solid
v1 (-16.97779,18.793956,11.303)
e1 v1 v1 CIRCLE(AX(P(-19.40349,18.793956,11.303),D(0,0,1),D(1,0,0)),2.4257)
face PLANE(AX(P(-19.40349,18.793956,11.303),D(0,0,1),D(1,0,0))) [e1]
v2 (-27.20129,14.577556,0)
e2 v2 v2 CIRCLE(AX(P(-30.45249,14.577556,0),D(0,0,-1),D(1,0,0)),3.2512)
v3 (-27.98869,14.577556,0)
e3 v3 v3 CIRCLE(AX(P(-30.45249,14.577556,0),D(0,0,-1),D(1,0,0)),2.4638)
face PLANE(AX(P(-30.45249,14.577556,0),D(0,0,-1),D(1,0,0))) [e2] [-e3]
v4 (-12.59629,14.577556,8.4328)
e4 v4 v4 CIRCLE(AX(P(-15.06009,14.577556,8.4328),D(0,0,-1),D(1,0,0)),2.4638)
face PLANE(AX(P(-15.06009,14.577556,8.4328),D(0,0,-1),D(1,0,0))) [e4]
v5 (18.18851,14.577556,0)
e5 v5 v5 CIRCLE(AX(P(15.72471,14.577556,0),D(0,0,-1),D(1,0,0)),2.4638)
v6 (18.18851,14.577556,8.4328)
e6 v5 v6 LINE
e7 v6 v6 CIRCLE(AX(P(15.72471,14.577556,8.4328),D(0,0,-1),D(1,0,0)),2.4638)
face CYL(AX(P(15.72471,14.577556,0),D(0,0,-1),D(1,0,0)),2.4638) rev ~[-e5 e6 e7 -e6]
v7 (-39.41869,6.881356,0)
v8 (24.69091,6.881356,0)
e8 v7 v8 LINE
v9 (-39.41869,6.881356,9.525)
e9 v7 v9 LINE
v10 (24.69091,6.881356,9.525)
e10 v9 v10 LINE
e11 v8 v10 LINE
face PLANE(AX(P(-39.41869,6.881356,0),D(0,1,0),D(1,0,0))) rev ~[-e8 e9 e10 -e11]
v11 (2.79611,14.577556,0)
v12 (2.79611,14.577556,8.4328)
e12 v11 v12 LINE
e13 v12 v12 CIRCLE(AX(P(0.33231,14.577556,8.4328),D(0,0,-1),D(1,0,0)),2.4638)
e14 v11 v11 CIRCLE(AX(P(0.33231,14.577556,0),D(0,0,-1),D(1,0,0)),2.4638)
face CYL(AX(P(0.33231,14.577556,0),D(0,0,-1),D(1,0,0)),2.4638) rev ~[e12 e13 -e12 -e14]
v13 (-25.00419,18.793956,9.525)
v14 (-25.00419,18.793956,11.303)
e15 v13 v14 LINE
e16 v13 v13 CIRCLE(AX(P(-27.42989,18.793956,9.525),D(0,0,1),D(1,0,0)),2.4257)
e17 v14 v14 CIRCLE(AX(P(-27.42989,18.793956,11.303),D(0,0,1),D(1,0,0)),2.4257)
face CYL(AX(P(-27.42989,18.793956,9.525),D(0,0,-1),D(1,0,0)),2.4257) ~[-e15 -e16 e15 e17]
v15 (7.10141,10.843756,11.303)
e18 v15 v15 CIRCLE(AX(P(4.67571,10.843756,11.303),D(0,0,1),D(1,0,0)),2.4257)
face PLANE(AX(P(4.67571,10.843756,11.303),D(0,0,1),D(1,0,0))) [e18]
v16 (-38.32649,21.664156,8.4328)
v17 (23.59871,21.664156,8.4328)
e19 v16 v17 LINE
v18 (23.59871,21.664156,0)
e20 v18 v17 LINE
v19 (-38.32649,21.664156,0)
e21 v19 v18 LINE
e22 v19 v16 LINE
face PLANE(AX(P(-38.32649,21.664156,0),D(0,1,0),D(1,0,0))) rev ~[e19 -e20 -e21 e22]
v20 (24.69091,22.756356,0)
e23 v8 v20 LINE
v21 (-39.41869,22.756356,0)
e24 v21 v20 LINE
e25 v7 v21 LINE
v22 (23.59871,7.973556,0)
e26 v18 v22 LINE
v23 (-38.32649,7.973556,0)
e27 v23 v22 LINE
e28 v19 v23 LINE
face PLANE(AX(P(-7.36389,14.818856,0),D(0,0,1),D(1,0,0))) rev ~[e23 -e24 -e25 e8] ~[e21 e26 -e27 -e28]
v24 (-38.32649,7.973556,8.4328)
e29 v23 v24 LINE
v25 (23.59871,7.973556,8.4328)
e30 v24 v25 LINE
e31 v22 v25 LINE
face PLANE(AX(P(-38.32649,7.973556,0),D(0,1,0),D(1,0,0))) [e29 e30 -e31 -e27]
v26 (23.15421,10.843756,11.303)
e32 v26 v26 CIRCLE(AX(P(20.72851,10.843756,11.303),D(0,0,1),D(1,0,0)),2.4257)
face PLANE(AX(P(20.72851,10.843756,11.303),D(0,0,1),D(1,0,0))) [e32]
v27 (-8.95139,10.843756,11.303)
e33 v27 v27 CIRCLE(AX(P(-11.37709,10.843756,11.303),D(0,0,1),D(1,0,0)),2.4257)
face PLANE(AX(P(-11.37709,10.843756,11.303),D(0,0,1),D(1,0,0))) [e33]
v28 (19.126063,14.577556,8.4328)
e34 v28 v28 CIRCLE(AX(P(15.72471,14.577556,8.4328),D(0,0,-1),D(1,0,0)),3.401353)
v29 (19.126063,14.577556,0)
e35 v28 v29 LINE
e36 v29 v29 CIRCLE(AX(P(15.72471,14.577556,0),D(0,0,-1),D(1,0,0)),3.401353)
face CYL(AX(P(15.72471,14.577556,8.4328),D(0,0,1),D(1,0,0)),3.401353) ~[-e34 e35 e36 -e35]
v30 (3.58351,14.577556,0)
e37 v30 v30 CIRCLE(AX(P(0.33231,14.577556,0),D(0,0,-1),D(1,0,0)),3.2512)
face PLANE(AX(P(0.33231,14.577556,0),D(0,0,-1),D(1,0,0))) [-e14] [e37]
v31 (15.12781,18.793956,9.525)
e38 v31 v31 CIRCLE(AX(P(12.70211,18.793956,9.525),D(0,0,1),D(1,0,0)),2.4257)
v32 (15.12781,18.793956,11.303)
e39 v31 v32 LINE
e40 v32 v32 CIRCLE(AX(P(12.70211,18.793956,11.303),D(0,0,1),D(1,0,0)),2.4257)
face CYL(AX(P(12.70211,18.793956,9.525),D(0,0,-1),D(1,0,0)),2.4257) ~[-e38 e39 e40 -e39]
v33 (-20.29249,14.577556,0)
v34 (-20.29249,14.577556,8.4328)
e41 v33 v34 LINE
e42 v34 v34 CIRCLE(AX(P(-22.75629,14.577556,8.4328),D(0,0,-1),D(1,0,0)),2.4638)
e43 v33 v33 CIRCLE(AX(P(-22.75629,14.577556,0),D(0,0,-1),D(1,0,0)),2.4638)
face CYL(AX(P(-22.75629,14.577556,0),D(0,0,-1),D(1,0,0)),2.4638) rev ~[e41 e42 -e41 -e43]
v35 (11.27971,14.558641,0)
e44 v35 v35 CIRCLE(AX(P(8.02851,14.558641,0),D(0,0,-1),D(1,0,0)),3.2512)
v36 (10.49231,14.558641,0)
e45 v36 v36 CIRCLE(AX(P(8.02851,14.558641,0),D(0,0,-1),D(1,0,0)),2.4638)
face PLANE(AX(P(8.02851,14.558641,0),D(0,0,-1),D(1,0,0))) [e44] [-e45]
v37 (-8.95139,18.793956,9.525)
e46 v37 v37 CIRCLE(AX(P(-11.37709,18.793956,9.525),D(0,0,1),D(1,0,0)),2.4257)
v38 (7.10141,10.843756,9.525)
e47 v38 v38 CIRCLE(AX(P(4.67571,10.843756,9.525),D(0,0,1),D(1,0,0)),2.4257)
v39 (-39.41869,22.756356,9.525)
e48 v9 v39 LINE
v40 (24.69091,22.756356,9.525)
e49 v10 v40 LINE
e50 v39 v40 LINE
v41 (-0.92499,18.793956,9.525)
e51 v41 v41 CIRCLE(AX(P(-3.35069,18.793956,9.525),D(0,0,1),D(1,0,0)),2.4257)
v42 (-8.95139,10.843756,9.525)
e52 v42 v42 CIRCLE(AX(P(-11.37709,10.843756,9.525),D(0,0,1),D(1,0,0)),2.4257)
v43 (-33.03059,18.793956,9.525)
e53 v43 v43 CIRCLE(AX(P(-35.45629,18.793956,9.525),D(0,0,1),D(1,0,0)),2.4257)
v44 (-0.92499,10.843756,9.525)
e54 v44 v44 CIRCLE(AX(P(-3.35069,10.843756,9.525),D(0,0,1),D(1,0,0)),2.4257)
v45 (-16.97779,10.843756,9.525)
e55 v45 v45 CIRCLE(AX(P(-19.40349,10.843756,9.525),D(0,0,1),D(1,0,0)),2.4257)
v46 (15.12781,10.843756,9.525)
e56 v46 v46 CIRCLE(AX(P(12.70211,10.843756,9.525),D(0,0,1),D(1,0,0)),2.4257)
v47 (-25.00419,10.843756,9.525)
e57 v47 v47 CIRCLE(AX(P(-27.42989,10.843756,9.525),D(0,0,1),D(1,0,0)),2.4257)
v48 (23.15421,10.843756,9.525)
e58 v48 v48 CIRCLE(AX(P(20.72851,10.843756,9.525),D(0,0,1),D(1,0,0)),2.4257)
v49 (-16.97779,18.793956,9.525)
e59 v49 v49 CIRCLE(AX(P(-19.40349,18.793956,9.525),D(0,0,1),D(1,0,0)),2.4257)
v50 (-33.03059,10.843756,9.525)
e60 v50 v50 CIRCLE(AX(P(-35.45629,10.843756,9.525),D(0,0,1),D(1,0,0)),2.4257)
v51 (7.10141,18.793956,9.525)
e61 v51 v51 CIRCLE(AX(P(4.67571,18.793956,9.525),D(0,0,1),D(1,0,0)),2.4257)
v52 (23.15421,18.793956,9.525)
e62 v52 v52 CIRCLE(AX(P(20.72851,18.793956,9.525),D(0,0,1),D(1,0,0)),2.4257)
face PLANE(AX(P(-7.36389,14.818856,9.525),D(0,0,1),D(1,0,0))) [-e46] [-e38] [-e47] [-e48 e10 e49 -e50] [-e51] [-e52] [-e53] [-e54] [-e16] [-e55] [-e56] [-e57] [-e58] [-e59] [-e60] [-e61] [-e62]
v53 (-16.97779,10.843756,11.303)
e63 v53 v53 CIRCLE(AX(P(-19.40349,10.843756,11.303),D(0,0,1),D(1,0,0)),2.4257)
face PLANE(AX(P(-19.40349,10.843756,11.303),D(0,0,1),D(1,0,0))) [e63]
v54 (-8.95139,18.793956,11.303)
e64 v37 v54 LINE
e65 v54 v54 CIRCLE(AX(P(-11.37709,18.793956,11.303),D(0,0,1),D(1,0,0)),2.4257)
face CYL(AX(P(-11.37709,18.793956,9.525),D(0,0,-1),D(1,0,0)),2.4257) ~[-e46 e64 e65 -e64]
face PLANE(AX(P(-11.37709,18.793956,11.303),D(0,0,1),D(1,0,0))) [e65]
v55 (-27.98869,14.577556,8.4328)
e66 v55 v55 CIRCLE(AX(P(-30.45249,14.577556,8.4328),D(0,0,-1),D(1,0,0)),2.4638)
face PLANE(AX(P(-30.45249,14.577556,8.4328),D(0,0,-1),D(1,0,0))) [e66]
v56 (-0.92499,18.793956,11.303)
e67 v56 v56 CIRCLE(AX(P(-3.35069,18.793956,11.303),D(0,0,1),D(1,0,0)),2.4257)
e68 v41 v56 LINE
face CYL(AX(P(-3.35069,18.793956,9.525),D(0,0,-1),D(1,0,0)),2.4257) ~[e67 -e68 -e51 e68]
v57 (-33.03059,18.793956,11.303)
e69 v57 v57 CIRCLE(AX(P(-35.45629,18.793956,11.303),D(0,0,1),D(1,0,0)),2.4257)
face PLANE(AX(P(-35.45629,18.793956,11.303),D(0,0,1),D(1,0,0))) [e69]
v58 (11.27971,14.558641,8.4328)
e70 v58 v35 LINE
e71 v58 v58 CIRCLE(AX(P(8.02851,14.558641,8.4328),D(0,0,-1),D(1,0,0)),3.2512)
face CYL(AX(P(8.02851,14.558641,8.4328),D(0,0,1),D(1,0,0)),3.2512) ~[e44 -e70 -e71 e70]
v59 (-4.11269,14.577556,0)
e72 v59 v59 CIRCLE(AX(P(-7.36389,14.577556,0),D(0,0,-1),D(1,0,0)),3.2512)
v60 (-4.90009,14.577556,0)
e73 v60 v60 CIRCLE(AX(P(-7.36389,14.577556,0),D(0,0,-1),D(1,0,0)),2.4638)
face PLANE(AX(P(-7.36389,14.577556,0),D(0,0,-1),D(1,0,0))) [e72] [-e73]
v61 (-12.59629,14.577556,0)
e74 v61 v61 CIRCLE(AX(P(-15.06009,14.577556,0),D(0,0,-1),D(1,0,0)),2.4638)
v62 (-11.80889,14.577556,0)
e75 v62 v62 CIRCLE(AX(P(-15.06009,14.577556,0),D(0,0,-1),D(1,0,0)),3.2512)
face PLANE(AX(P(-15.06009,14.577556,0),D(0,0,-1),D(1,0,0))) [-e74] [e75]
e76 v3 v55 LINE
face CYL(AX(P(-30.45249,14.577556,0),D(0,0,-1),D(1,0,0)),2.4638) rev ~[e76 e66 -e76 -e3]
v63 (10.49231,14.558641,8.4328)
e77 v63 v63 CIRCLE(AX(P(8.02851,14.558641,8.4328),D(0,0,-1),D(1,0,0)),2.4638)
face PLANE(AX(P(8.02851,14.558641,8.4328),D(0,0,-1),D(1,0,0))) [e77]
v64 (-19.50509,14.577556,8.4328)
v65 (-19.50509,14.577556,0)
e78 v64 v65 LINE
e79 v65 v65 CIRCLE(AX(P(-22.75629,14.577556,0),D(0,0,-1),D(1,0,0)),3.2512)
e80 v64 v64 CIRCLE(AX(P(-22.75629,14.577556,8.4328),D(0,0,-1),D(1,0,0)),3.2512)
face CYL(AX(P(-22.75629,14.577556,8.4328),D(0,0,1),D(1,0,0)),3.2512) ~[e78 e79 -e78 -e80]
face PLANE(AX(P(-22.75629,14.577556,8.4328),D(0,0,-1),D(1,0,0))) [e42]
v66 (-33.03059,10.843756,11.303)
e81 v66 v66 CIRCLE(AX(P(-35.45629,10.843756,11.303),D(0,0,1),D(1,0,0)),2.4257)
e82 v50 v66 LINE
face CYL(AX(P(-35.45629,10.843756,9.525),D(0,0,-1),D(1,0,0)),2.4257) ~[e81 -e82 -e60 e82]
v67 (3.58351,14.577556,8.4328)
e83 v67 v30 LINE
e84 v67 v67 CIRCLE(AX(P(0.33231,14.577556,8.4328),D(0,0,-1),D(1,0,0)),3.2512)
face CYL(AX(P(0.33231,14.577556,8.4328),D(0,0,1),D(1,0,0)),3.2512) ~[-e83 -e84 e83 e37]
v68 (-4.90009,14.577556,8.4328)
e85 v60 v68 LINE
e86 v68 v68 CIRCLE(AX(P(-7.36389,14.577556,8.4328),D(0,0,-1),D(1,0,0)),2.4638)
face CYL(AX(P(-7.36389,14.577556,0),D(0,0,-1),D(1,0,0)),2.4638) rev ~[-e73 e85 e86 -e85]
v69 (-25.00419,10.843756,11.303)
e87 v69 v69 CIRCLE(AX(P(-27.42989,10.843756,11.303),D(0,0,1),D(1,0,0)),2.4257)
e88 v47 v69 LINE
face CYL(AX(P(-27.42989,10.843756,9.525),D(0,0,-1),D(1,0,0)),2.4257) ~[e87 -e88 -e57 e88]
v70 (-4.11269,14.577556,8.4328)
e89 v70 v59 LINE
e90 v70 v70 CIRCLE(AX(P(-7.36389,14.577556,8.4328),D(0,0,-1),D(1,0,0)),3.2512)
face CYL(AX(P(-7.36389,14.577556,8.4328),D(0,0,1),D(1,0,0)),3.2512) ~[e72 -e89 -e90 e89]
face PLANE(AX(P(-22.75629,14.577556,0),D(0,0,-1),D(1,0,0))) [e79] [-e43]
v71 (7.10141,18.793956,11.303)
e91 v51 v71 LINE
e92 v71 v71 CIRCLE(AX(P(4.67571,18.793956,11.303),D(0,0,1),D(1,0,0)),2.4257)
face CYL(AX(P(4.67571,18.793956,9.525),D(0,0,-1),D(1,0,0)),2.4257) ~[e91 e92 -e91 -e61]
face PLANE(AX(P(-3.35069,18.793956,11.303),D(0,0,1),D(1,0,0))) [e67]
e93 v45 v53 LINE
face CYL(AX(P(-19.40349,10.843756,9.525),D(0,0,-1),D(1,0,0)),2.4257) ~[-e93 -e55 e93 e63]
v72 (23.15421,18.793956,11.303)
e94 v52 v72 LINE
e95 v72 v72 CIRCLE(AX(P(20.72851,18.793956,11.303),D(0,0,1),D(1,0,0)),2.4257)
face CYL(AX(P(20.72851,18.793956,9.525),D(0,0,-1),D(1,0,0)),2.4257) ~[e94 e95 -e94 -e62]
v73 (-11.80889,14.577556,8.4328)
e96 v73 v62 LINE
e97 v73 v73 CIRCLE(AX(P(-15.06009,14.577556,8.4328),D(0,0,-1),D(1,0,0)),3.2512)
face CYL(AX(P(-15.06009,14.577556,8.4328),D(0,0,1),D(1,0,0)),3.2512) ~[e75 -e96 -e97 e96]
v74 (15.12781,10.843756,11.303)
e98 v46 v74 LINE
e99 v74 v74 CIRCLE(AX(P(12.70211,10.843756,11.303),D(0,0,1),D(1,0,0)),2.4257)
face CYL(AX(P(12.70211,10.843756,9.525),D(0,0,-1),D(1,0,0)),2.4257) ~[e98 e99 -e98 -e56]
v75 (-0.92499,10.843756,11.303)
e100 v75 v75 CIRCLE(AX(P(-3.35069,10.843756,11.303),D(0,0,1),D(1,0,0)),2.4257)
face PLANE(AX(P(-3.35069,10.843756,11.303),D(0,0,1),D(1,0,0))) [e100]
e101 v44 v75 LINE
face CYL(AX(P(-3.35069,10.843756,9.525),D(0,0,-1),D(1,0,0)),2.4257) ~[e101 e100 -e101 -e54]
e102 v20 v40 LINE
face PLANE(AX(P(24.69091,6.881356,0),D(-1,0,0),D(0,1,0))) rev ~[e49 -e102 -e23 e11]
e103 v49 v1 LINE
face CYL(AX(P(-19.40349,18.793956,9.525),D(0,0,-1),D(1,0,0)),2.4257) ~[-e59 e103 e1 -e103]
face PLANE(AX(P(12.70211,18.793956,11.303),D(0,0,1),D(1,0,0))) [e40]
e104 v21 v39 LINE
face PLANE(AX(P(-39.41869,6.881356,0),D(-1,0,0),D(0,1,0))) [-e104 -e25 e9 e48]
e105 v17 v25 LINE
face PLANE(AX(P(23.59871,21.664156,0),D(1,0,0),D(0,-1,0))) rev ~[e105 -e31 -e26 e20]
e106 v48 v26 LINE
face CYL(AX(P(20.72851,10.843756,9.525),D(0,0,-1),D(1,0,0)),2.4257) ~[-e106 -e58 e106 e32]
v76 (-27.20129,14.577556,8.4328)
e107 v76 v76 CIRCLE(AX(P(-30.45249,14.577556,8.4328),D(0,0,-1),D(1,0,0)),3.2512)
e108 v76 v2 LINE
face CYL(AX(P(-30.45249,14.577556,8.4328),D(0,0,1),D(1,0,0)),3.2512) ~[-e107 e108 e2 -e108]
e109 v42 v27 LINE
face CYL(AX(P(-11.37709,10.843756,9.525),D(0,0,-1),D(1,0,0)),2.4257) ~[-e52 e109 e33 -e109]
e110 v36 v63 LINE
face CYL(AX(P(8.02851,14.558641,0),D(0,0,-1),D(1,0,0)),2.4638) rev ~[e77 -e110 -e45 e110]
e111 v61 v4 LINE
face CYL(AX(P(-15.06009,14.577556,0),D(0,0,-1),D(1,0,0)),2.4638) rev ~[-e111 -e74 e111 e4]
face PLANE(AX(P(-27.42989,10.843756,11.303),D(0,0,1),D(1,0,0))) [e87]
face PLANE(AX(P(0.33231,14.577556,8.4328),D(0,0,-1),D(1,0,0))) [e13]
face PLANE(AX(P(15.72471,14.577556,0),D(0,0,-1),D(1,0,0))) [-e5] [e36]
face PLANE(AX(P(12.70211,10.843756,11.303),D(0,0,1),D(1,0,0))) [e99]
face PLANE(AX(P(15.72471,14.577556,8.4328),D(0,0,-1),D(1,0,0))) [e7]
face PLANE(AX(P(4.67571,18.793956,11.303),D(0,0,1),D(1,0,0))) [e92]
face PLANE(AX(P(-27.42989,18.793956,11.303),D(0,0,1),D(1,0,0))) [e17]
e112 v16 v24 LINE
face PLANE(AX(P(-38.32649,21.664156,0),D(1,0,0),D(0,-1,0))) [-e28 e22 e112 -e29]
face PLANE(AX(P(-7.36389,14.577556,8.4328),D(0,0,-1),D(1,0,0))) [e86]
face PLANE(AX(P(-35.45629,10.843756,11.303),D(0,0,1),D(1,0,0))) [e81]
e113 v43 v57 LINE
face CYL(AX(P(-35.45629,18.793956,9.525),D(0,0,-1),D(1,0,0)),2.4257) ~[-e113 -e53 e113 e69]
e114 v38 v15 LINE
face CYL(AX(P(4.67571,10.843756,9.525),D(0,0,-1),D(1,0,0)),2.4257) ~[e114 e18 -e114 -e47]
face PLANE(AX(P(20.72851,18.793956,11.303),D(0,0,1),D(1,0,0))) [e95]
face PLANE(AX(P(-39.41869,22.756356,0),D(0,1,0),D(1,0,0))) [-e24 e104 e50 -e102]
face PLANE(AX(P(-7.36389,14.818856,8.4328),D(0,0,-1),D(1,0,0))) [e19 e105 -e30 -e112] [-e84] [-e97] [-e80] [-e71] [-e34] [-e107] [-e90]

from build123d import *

# Parameters (mm, degrees)
F0_W     = 64.1096
F0_H     = 15.875
F1_DEPTH = 9.525
F2_R     = 2.4257
F3_DEPTH = 1.778
F4_W     = 61.9252
F4_H     = 13.6906
F5_DEPTH = 8.4328
F6_R     = 3.2512
F6_R_2   = 3.401353
F7_DEPTH = 8.4328
F8_R     = 2.4638
F9_DEPTH = 8.4328


with BuildPart() as f1:
    # F0 (on Top) → F1 (new body)
    with BuildSketch(Plane.XY):
        with Locations((-7.36389, 14.818856)):
            Rectangle(F0_W, F0_H)
    extrude(amount=F1_DEPTH)

    # F2 (on face) → F3 (join)
    with BuildSketch(Plane.XY.offset(9.525)):
        with Locations((-35.45629, 18.793956)):
            Circle(F2_R)
        with Locations((-27.42989, 18.793956)):
            Circle(F2_R)
        with Locations((-19.40349, 18.793956)):
            Circle(F2_R)
        with Locations((-11.37709, 18.793956)):
            Circle(F2_R)
        with Locations((-3.35069, 18.793956)):
            Circle(F2_R)
        with Locations((4.67571, 18.793956)):
            Circle(F2_R)
        with Locations((12.70211, 18.793956)):
            Circle(F2_R)
        with Locations((20.72851, 18.793956)):
            Circle(F2_R)
        with Locations((-35.45629, 10.843756)):
            Circle(F2_R)
        with Locations((-27.42989, 10.843756)):
            Circle(F2_R)
        with Locations((-19.40349, 10.843756)):
            Circle(F2_R)
        with Locations((-11.37709, 10.843756)):
            Circle(F2_R)
        with Locations((-3.35069, 10.843756)):
            Circle(F2_R)
        with Locations((4.67571, 10.843756)):
            Circle(F2_R)
        with Locations((20.72851, 10.843756)):
            Circle(F2_R)
        with Locations((12.70211, 10.843756)):
            Circle(F2_R)
    extrude(amount=F3_DEPTH)

    # F4 (on face) → F5 (cut)
    with BuildSketch(Plane(origin=(0, 0, 0), x_dir=(1, 0, 0), z_dir=(0, 0, -1))):
        with Locations((-7.36389, -14.818856)):
            Rectangle(F4_W, F4_H)
    extrude(amount=-F5_DEPTH, mode=Mode.SUBTRACT)

    # F6 (on face) → F7 (join)
    with BuildSketch(Plane(origin=(0, 0, 8.4328), x_dir=(1, 0, 0), z_dir=(0, 0, -1))):
        with Locations((-30.45249, -14.577556)):
            Circle(F6_R)
        with Locations((15.72471, -14.577556)):
            Circle(F6_R_2)
        with Locations((-22.75629, -14.577556)):
            Circle(F6_R)
        with Locations((-15.06009, -14.577556)):
            Circle(F6_R)
        with Locations((-7.36389, -14.577556)):
            Circle(F6_R)
        with Locations((0.33231, -14.577556)):
            Circle(F6_R)
        with Locations((8.02851, -14.558641)):
            Circle(F6_R)
    extrude(amount=F7_DEPTH)

    # F8 (on face) → F9 (cut)
    with BuildSketch(Plane(origin=(0, 0, 0), x_dir=(1, 0, 0), z_dir=(0, 0, -1))):
        with Locations((-30.45249, -14.577556)):
            Circle(F8_R)
        with Locations((-22.75629, -14.577556)):
            Circle(F8_R)
        with Locations((-15.06009, -14.577556)):
            Circle(F8_R)
        with Locations((-7.36389, -14.577556)):
            Circle(F8_R)
        with Locations((0.33231, -14.577556)):
            Circle(F8_R)
        with Locations((8.02851, -14.558641)):
            Circle(F8_R)
        with Locations((15.72471, -14.577556)):
            Circle(F8_R)
    extrude(amount=-F9_DEPTH, mode=Mode.SUBTRACT)


solid = f1.part
